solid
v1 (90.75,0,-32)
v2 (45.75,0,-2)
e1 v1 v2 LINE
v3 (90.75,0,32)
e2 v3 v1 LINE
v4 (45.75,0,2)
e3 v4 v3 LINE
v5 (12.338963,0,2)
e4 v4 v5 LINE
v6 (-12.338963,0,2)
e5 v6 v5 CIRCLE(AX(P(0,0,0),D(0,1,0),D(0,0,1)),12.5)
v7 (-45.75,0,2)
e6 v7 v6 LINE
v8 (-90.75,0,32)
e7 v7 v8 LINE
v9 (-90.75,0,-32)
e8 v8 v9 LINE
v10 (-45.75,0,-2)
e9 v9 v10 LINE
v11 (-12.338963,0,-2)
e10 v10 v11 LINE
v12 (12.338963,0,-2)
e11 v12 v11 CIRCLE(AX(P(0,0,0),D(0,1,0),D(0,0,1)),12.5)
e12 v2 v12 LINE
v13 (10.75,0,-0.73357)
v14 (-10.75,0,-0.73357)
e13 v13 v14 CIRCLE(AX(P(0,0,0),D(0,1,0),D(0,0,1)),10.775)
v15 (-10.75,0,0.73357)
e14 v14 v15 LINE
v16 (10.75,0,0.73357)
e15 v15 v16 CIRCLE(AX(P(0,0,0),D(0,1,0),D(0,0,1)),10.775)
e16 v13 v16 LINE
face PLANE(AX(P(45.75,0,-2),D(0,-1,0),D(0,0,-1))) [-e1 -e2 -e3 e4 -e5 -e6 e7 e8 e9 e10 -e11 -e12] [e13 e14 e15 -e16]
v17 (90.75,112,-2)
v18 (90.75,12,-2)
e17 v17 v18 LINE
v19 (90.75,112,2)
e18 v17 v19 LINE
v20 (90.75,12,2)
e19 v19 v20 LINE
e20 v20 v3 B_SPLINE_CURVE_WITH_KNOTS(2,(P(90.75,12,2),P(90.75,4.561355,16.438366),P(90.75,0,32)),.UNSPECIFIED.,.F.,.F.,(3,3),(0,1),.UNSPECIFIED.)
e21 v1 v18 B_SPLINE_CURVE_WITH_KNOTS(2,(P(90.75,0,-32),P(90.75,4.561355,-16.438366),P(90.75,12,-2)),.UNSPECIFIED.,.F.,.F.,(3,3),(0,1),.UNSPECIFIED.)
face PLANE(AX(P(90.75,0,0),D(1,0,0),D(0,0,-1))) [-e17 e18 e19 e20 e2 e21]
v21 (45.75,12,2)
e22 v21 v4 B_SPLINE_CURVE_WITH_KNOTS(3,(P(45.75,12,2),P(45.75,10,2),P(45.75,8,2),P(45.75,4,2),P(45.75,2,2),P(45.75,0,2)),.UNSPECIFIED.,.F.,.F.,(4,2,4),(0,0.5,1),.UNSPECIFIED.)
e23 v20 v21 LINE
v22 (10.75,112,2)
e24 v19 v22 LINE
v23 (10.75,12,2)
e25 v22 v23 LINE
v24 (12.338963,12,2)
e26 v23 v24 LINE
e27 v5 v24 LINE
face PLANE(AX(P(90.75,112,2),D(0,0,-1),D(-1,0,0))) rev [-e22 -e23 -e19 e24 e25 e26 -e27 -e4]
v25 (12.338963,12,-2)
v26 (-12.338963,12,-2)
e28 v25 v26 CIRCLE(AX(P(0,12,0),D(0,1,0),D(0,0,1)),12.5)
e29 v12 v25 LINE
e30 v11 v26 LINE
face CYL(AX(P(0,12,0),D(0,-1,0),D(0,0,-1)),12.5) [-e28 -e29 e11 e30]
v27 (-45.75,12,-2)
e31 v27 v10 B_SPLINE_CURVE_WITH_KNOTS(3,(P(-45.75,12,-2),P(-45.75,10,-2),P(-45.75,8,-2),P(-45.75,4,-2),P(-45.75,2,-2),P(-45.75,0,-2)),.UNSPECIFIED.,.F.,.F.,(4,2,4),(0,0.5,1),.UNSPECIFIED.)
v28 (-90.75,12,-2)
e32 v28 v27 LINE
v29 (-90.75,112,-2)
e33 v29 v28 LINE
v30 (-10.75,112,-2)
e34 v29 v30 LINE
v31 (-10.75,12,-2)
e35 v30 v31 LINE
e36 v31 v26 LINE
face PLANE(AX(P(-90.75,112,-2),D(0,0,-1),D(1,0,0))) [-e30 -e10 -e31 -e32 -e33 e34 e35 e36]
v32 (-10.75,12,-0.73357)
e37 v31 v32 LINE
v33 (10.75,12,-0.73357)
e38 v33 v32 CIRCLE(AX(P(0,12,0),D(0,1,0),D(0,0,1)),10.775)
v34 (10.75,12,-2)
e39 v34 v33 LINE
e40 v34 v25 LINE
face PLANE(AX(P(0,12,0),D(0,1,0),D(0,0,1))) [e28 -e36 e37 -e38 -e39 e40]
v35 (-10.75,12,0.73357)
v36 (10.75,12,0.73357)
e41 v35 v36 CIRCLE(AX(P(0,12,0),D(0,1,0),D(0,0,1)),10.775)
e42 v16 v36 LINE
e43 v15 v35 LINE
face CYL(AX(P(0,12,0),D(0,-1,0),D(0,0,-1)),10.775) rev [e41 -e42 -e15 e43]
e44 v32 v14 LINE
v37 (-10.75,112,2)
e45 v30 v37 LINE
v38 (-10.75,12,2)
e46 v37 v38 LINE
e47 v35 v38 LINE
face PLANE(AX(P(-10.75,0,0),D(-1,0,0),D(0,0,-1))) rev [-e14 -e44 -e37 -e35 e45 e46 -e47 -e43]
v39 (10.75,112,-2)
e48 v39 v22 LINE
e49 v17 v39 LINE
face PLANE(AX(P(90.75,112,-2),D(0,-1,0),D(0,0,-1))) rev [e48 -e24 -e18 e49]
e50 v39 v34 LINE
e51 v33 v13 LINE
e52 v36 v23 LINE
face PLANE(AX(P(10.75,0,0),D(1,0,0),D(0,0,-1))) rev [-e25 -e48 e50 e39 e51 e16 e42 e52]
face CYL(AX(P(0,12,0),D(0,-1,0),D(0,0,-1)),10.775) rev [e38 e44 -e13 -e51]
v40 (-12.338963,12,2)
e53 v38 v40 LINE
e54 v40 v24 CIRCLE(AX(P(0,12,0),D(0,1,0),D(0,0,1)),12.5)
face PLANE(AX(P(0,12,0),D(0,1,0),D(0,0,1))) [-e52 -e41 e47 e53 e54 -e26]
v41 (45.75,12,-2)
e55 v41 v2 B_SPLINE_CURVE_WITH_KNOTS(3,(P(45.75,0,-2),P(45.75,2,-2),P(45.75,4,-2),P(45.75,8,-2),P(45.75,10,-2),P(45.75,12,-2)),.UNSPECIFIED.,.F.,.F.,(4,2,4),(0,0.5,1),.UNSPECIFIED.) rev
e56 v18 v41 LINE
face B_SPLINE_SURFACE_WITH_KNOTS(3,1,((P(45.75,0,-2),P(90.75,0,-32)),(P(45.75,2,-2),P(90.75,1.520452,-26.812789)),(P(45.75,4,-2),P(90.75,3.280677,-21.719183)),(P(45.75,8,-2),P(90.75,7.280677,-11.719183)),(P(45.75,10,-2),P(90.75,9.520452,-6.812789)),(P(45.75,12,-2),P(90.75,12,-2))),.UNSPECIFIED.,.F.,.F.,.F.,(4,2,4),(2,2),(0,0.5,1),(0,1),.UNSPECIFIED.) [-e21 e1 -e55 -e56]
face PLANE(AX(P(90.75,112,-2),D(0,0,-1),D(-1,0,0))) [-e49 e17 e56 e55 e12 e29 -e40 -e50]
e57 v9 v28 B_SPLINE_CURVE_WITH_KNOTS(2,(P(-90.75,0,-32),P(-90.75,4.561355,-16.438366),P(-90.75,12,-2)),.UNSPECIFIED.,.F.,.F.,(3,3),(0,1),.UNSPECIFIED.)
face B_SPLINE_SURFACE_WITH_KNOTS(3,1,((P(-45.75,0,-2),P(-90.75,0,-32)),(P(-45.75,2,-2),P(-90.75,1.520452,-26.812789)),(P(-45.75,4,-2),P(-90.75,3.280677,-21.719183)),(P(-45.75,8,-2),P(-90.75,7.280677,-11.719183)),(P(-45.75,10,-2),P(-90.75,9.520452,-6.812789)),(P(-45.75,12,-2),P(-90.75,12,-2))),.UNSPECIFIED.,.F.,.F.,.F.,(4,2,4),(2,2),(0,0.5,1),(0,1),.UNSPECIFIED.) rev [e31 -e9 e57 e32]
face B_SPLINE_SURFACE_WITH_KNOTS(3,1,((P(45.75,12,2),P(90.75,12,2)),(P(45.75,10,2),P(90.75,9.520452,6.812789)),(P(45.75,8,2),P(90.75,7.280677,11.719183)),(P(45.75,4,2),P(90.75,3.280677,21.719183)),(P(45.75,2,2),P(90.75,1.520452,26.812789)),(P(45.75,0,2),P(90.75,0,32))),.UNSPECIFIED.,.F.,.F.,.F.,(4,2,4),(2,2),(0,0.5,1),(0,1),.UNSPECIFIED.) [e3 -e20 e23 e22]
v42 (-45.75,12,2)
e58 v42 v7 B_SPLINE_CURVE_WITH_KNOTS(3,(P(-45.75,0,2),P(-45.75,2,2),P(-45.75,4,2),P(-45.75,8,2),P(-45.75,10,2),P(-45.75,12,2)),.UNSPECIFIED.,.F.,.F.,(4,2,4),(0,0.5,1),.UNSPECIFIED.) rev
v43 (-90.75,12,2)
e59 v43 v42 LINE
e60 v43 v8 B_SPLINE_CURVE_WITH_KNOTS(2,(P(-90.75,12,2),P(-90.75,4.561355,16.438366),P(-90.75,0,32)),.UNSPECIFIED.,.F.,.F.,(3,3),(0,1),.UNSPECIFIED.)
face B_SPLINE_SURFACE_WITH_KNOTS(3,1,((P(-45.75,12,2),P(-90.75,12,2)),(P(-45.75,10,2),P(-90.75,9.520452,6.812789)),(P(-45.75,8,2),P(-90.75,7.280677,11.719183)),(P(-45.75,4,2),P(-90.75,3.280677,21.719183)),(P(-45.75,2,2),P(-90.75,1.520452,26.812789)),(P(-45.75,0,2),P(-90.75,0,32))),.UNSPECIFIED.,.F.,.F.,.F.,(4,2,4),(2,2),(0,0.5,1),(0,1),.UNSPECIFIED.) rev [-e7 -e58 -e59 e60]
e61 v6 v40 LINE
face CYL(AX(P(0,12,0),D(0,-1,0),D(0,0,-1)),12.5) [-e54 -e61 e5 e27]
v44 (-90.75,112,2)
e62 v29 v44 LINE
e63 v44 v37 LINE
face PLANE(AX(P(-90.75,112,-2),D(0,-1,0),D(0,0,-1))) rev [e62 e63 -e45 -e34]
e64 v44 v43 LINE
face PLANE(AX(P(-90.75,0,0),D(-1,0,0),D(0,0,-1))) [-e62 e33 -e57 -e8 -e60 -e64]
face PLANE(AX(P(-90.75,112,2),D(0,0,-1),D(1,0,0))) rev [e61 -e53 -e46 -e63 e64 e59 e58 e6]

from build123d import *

# Parameters (mm, degrees)
SKETCH1_W           = 4
SKETCH1_H           = 100
BOSS_EXTRUDE1_DEPTH = 80
SKETCH6_W           = 4
SKETCH6_H           = 12
BOSS_EXTRUDE2_DEPTH = 35
SKETCH14_R          = 12.5
SKETCH14_R_2        = 10.775
BOSS_EXTRUDE3_DEPTH = 12


with BuildPart() as part:
    # Sketch1 → Boss-Extrude1 (new body)
    with BuildSketch(Plane(origin=(10.75, 0, 0), x_dir=(0, 0, -1), z_dir=(1, 0, 0))):
        with Locations((0, 62)):
            Rectangle(SKETCH1_W, SKETCH1_H)
    extrude(amount=BOSS_EXTRUDE1_DEPTH)

    # Sketch6 → Boss-Extrude2 (add)
    with BuildSketch(Plane.ZY.offset(-10.75)):
        with Locations((0, 6)):
            Rectangle(SKETCH6_W, SKETCH6_H)
    extrude(amount=-BOSS_EXTRUDE2_DEPTH)

    # Sketch7 → Loft3 section 0
    with BuildSketch(Plane(origin=(45.75, 0, 0), x_dir=(0, 0, -1), z_dir=(1, 0, 0))):
        with BuildLine():
            Line((-2, 12), (2, 12))
            Line((2, 12), (2, 0))
            Line((2, 0), (-2, 0))
            Line((-2, 0), (-2, 12))
        make_face()
    # Sketch5 → Loft3 section 1
    with BuildSketch(Plane(origin=(90.75, 0, 0), x_dir=(0, 0, -1), z_dir=(1, 0, 0))):
        with BuildLine():
            Line((-2, 12), (2, 12))
            add(Edge.make_bspline(
                [(2, 12), (16.438366027, 4.561354626), (32, 0)],
                knots=[0, 0, 0, 1, 1, 1], degree=2))
            Line((32, 0), (-32, 0))
            add(Edge.make_bspline(
                [(-2, 12), (-16.438366027, 4.561354626), (-32, 0)],
                knots=[0, 0, 0, 1, 1, 1], degree=2))
        make_face()
    loft()


with BuildPart() as body_2:
    # Mirror3: mirrored copy
    add(part.part.mirror(Plane(origin=(0, 0, 0), x_dir=(0, 0, 1), z_dir=(1, 0, 0))))


with BuildPart() as part_1:
    add(part.part)

    add(body_2.part)  # Boss-Extrude3 merges body 2
    # Sketch14 → Boss-Extrude3 (add)
    with BuildSketch(Plane(origin=(0, 0, 0), x_dir=(1, 0, 0), z_dir=(0, 1, 0))):
        Circle(SKETCH14_R)
        Circle(SKETCH14_R_2, mode=Mode.SUBTRACT)
    extrude(amount=BOSS_EXTRUDE3_DEPTH)


solid = part_1.part
